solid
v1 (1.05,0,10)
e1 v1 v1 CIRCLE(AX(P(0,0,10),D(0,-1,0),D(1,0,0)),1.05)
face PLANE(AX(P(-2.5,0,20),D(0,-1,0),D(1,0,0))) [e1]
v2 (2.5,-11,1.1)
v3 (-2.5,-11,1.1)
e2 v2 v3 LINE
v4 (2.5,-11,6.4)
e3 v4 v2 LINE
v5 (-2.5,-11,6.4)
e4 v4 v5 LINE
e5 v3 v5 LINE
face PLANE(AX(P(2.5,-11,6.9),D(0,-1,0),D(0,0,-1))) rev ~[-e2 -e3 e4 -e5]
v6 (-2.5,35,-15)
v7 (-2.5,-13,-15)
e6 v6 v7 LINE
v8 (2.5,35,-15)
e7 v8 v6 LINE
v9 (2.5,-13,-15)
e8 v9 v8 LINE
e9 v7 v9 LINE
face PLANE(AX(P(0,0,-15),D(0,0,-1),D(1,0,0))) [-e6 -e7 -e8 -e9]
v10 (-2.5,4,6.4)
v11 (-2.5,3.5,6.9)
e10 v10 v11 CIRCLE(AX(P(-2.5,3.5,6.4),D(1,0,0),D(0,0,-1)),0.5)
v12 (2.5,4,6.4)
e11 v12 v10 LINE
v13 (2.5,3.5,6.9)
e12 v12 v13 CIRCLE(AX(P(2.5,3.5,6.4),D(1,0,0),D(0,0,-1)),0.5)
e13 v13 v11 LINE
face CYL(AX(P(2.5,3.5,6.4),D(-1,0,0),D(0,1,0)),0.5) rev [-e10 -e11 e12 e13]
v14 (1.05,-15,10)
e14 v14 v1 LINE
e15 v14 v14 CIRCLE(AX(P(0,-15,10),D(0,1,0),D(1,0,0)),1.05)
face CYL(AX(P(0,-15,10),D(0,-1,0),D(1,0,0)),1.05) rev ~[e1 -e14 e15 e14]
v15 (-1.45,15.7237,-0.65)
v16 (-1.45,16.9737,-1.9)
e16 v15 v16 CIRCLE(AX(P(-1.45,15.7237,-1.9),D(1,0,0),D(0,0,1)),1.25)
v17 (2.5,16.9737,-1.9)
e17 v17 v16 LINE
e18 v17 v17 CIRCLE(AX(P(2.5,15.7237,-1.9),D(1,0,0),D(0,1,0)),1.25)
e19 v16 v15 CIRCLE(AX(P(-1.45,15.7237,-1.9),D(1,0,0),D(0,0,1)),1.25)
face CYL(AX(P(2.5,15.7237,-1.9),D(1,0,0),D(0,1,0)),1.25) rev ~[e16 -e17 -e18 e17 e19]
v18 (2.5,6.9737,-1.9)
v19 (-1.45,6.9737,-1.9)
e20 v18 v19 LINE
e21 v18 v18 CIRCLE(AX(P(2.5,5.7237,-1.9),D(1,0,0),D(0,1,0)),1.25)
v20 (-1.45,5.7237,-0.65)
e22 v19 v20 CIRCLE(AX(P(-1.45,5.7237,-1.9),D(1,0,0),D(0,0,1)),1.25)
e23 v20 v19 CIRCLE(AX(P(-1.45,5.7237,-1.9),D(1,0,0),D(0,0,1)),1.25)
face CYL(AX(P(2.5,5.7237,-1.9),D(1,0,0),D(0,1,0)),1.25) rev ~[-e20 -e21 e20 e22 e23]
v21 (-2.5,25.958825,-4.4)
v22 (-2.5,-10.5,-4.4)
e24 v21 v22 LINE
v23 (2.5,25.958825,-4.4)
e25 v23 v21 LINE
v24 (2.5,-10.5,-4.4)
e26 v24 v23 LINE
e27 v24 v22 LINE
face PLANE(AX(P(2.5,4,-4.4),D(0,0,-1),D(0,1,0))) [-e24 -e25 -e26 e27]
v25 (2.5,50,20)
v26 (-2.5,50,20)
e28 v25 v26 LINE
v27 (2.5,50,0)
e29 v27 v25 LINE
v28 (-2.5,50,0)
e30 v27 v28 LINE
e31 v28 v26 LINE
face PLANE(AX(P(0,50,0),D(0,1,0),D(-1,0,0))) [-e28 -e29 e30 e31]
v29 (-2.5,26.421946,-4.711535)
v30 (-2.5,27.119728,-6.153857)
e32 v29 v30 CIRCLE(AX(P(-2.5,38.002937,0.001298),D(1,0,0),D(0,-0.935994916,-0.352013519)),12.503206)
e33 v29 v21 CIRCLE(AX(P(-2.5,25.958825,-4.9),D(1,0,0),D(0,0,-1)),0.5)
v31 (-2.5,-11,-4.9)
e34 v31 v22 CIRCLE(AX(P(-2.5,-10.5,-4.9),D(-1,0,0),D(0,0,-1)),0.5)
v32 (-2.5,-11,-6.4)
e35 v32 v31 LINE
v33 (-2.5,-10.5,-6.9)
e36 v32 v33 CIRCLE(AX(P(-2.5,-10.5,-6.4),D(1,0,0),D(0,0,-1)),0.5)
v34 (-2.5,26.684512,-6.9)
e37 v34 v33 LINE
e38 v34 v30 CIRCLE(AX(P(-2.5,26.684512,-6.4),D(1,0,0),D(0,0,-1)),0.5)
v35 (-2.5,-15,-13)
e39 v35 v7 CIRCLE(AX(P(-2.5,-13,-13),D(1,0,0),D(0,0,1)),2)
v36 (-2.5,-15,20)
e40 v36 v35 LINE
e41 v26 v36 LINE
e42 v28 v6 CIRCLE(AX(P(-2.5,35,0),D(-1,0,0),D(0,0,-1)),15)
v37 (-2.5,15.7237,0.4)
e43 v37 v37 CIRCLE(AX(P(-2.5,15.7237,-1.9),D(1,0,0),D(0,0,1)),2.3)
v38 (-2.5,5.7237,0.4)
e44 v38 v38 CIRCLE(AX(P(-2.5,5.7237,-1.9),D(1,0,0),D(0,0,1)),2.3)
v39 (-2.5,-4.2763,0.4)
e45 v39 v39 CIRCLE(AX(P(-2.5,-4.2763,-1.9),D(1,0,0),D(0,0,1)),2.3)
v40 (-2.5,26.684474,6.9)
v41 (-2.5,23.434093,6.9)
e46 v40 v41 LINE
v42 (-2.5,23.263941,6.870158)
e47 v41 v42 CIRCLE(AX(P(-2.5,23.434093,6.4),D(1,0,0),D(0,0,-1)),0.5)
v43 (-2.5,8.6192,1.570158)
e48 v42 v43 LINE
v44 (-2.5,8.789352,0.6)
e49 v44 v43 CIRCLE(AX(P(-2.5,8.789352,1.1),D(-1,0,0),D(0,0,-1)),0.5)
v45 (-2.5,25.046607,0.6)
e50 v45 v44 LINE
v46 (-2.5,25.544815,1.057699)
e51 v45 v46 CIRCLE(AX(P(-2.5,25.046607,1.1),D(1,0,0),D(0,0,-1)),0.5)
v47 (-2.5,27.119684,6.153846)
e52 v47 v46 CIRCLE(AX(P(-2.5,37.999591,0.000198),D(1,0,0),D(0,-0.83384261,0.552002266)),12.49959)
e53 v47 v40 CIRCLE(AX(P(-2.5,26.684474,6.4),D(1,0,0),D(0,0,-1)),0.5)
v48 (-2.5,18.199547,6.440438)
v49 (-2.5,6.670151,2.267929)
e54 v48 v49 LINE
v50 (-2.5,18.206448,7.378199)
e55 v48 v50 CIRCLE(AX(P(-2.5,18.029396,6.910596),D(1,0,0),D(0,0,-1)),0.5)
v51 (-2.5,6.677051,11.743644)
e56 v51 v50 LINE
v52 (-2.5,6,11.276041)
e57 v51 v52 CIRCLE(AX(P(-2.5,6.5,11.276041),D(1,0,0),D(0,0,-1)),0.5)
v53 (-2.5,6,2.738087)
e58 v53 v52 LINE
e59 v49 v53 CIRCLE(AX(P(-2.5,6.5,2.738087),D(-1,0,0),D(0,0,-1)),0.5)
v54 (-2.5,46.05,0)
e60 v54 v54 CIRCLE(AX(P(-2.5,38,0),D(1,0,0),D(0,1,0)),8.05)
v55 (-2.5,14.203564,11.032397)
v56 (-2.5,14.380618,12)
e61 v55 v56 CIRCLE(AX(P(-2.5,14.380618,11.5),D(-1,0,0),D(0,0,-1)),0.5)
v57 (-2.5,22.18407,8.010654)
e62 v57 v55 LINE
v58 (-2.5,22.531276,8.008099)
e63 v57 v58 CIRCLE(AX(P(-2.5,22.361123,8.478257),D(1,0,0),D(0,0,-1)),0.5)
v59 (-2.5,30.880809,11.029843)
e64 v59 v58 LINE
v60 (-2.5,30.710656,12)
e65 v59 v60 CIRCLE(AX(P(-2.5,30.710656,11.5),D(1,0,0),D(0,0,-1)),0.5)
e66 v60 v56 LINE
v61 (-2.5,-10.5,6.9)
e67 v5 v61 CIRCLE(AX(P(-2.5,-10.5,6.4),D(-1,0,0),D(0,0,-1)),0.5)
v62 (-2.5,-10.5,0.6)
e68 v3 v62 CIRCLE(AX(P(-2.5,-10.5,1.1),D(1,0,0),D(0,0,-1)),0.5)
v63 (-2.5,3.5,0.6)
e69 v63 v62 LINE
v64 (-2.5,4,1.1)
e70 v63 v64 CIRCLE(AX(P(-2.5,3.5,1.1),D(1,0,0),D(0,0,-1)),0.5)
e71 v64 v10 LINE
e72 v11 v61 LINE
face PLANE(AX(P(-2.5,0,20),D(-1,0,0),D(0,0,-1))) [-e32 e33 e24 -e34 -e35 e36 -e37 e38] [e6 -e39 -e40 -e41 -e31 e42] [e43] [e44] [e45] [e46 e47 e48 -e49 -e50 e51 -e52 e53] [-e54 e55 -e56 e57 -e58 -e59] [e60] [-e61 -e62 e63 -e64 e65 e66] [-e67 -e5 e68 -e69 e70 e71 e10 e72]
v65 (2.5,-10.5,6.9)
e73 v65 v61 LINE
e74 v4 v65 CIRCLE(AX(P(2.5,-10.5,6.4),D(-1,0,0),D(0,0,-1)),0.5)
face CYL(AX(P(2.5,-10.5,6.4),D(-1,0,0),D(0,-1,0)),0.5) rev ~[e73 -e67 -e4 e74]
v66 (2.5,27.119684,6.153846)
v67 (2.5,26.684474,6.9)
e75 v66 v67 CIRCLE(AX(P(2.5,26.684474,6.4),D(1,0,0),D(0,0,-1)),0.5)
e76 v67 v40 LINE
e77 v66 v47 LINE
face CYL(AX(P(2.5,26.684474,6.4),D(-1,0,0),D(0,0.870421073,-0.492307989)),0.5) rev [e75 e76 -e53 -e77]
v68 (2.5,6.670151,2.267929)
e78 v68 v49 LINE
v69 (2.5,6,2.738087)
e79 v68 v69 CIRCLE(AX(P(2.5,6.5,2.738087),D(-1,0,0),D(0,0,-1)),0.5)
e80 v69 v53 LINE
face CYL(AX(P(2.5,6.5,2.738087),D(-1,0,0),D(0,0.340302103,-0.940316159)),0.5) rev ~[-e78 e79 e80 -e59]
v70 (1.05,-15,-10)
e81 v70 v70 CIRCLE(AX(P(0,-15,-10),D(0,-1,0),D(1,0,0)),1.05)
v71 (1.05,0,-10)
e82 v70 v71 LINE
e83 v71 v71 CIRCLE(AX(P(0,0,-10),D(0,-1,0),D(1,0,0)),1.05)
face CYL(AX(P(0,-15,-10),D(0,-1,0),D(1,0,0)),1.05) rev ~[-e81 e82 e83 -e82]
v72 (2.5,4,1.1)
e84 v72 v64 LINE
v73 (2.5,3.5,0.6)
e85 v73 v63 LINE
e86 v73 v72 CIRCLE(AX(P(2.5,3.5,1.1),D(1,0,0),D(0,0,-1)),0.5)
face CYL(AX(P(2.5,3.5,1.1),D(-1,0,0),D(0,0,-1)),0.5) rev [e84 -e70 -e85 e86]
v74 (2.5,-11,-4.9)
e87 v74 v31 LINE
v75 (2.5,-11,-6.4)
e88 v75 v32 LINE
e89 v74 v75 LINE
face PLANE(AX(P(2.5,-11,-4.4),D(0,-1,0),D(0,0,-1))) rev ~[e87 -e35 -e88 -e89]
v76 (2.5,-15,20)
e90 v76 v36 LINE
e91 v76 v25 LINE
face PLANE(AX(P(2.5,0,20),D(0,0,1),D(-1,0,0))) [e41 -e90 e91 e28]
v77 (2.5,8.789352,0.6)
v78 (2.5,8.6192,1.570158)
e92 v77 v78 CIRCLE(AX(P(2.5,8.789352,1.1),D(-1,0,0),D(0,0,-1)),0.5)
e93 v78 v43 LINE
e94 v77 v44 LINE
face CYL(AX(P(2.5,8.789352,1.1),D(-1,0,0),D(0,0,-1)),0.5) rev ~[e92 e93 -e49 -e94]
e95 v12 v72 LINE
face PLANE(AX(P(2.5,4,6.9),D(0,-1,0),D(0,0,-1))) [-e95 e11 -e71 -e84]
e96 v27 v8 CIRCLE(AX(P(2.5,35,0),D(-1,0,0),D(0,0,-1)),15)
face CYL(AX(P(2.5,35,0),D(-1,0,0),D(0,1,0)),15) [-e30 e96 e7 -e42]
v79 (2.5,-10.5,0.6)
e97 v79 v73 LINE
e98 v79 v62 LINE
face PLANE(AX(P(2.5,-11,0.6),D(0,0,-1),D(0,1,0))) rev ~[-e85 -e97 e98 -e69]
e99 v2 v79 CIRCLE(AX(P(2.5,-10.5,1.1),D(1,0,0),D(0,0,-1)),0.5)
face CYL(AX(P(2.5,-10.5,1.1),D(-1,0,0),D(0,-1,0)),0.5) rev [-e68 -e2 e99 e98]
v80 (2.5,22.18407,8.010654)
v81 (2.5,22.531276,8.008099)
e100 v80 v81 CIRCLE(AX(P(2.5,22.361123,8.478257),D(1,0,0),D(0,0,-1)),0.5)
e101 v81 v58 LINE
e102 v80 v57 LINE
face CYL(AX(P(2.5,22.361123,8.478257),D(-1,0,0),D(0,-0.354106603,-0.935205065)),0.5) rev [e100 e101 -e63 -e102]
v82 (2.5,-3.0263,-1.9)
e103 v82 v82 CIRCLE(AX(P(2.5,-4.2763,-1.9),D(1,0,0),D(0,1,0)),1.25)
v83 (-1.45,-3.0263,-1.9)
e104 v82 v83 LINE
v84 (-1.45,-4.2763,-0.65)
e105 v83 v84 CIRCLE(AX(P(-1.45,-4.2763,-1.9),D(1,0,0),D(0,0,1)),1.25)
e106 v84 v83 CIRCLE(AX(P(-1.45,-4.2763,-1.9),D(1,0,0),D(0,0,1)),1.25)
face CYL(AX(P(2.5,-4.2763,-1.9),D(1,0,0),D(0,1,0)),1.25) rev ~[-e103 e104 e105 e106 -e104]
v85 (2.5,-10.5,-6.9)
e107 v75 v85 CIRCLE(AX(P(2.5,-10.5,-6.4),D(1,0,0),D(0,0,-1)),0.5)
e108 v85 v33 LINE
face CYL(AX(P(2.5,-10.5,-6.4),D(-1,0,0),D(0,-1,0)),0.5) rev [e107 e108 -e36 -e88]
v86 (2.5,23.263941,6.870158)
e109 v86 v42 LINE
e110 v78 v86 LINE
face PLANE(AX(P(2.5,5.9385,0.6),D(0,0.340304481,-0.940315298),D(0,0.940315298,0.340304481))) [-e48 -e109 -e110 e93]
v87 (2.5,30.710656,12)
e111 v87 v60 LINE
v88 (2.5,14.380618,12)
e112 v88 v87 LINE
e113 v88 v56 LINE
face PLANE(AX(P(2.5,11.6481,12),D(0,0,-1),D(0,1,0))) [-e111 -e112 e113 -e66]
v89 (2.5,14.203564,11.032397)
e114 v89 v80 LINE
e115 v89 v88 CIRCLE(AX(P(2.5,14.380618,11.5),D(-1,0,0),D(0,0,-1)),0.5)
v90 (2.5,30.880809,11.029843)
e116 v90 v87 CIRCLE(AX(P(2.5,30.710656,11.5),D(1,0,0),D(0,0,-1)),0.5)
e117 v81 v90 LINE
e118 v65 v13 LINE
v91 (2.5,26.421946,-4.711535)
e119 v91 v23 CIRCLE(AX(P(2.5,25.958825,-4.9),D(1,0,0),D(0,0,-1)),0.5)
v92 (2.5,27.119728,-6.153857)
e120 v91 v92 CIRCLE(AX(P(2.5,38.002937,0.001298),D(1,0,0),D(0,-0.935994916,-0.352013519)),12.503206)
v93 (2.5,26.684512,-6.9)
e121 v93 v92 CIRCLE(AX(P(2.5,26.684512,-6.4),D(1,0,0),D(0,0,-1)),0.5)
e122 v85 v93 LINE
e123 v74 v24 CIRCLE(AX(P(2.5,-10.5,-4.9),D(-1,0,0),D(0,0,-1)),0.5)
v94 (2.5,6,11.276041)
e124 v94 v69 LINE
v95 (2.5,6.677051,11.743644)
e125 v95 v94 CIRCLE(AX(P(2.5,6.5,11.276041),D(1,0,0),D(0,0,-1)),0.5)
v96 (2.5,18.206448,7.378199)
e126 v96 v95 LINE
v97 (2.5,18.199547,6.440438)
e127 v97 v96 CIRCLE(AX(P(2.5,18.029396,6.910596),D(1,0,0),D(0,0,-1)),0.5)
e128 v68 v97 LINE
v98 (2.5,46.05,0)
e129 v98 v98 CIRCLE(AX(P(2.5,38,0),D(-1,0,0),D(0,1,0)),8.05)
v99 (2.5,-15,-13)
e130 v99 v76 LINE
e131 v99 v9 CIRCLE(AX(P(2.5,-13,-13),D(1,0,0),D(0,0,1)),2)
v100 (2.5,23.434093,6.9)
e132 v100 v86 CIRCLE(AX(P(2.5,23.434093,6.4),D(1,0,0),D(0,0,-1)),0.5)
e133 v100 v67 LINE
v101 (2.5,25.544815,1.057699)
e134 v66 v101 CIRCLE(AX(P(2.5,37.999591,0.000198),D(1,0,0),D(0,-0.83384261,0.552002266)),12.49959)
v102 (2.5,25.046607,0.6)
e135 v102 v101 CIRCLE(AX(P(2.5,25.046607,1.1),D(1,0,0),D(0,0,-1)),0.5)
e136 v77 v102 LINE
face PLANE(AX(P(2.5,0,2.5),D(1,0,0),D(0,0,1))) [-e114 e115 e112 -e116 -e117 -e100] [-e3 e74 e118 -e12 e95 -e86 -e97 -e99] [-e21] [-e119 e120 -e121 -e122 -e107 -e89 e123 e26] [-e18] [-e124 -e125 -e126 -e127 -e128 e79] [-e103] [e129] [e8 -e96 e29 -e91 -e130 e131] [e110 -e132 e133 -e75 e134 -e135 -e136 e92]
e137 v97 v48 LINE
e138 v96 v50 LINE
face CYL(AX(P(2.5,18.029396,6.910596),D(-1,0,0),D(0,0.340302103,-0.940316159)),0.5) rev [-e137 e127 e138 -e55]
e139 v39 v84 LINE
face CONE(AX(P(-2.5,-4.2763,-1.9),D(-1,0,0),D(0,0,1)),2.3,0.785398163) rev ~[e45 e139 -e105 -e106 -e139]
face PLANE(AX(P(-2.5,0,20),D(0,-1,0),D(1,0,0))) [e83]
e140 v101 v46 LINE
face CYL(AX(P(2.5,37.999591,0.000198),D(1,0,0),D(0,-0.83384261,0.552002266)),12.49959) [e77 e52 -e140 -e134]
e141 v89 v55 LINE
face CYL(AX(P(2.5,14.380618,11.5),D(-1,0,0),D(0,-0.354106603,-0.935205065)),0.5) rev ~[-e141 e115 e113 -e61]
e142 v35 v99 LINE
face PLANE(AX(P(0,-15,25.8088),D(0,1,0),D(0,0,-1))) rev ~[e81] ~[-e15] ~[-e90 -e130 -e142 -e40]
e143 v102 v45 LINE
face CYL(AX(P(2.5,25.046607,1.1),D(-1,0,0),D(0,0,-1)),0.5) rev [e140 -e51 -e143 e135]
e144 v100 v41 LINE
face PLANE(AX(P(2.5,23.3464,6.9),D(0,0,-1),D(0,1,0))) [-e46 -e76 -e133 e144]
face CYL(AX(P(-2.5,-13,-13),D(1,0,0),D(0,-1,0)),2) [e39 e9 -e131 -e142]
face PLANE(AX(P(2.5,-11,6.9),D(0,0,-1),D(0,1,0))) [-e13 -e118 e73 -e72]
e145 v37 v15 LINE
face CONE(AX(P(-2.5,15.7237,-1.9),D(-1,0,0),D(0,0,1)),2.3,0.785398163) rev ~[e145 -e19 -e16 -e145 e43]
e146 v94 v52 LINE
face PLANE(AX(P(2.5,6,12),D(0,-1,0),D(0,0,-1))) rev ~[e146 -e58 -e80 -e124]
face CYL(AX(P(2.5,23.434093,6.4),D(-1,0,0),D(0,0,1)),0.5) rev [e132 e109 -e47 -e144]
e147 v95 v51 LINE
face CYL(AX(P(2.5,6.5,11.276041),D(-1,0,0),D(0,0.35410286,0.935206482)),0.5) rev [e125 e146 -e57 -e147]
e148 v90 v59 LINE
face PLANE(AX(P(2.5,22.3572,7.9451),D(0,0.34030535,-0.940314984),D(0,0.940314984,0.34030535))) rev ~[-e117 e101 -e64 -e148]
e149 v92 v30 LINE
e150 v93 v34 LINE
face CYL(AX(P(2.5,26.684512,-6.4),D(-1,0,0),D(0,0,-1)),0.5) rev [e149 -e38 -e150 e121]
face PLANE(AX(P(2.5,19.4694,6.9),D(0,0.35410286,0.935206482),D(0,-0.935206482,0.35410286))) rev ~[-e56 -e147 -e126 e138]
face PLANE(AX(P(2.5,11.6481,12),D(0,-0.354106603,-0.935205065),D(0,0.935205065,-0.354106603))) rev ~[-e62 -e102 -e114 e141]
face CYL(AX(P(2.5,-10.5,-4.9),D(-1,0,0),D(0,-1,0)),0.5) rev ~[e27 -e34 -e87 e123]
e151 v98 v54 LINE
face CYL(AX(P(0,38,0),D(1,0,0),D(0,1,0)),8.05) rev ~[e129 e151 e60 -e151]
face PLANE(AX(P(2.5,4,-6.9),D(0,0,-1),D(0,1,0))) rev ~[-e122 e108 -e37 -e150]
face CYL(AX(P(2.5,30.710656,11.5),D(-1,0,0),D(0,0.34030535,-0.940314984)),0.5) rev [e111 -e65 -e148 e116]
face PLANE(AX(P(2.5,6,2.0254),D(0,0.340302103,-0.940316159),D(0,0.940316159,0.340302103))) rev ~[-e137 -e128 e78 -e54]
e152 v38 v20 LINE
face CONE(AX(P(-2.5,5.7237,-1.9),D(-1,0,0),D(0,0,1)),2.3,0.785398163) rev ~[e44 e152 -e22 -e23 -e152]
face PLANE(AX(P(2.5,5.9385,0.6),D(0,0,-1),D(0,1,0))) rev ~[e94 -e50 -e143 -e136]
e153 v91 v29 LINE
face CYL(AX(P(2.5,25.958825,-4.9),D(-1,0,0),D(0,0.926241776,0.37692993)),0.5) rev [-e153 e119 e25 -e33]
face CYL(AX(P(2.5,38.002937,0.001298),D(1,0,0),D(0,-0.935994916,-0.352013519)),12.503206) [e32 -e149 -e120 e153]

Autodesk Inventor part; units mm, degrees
ref_plane "YZ Plane" through (0, 0, 0) normal (1, 0, 0) x (0, 1, 0)
ref_plane "XZ Plane" through (0, 0, 0) normal (0, 1, 0) x (-1, 0, 0)
ref_plane "XY Plane" through (0, 0, 0) normal (0, 0, 1) x (1, 0, 0)
sketch "Boceto1" plane through (0, 0, 0) normal (0, 1, 0) x (-1, 0, 0)
  line L0 (-2.5, 20) -> (2.5, 20)
  line L1 (2.5, 20) -> (2.5, -15)
  line L2 (2.5, -15) -> (-2.5, -15)
  line L3 (-2.5, -15) -> (-2.5, 20)
  line L4 (0, 20) -> (0, -15)
  line L5 (-2.5, 2.5) -> (2.5, 2.5)
  point P0 (0, 0)
  point P1 (0, 2.5)
  dimension "d0" = 5
  dimension "d1" = 35
  dimension "d26" = 20
extrude "Main Body" add sketch "Boceto1" along normal mid plane 100
sketch "Axles" plane through (0, 0, 0) normal (1, 0, 0) x (0, 1, 0)
  line L0 (50, 20) -> (-50, 20) projected
  circle A0 centre (38, 0) radius 8.05
  circle A1 centre (-40, 0) radius 6.5
  point P0 (0, 0)
  dimension "d53" = 5
  dimension "d55" = 13
  dimension "d11" = 20
  dimension "d12" = 40
  dimension "d13" = 38
  dimension "d14" = 20
  dimension "d22" = 16.1
  dimension "d23" = 13
extrude "Bearings" cut sketch "Axles" along normal mid plane 100
sketch "Boceto4" plane through (0, 0, 0) normal (1, 0, 0) x (0, 1, 0)
  line L0 (-50.2028, -2.5) -> (5.4434, -2.5)
  line L1 (-50, -15) -> (-50, 20) projected
  line L2 (-50, 7.0921) -> (-15, 7.0921)
  line L3 (-15, 7.0921) -> (-15, -12.9079)
  line L4 (-15, -12.9079) -> (-50, -12.9079)
  line L5 (-50, -12.9079) -> (-50, 7.0921)
  point P0 (0, 0)
  dimension "d27" = 20
  dimension "d28" = 35
sketch "Boceto5" plane through (0, 0, 0) normal (1, 0, 0) x (0, 1, 0)
  line L0 (-50, 25.8088) -> (-15, 25.8088)
  line L1 (-15, 25.8088) -> (-15, -24.1912)
  line L2 (-15, -24.1912) -> (-50, -24.1912)
  line L3 (-50, -24.1912) -> (-50, 25.8088)
  point P0 (0, 0)
  point P1 (-50, 20)
  dimension "d29" = 35
  dimension "d56" = 50
extrude "Spring_support_space" cut sketch "Boceto5" along normal mid plane 10
sketch "Boceto6" plane through (-2.5, -15, 20) normal (0, -1, 0) x (1, 0, 0)
  line L0 (2.5, -16) -> (2.5, -24)
  line L1 (-2.5, -6.5) -> (-2.5, 6.5)
  line L2 (2.5, -20) -> (23.3777, -20)
  line L3 (2.5, 18.3522) -> (2.5, -26.5488)
  circle A0 centre (2.5, -10) radius 1.05
  circle A1 centre (2.5, -30) radius 1.05
  line L4 (0, 0) -> (5, 0) projected
  line L5 (0, 0) -> (5, 0) projected
  line L6 (0, -28.05) -> (0, -11.95) projected
  line L7 (5, -11.95) -> (5, -28.05) projected
  line L8 (0, -28.05) -> (5, -28.05) projected
  line L9 (0, -11.95) -> (5, -11.95) projected
  point P0 (2.5, 0)
  point P1 (0, -20)
  dimension "d35" = 2.1
  dimension "d36" = 20
extrude "Holes" cut sketch "Boceto6" against normal blind 15 contours A0 L3 | L3 A0 | A1
sketch "Boceto10" plane through (-2.5, -15, 20) normal (0, -1, 0) x (1, 0, 0)
  circle A0 centre (2.5, -10) radius 1.05 projected
  circle A1 centre (2.5, -30) radius 1.05 projected
  circle A2 centre (2.5, -10) radius 3.5
  line L0 (-5.1427, -20) -> (9.8665, -20)
  circle A3 centre (2.5, -30) radius 3.5
  point P0 (2.5, -20)
  dimension "d59" = 7
fillet "Edges" radius 15 1 edges at (0, 50, -15)
fillet "Edges" radius 2 1 edges at (0, -15, -15)
sketch "Boceto7" plane through (0, 0, 0) normal (1, 0, 0) x (0, 1, 0)
  line L0 (-15, -15) -> (-15, 20) projected
  line L1 (-50, 20) -> (50, 20) projected
  circle A0 centre (-8.5, 17) radius 1.2
  point P0 (0, 0)
  point P1 (45, 20)
  point P2 (-15, 15.1502)
  dimension "d41" = 6.5
  dimension "d42" = 3
  dimension "d50" = 2.4
extrude "Extrusión6" [suppressed]
pattern_linear "Patrón rectangular1" [suppressed]
sketch "Boceto8" plane through (0, 0, 0) normal (1, 0, 0) x (0, 1, 0)
  circle A0 centre (-4.2763, -1.9) radius 1.25 projected
  circle A1 centre (5.7237, -1.9) radius 1.25 projected
  circle A2 centre (15.7237, -1.9) radius 1.25 projected
  point P0 (0, 0)
extrude "Extrusión7" cut sketch "Boceto8" against normal up to surface (5 mm away) from surface at 2.5
sketch "Boceto11" plane through (2.5, -15, 20) normal (1, 0, 0) x (0, 0, -1)
  circle A0 centre (21.9, 10.7237) radius 1.25 projected
  circle A1 centre (21.9, 20.7237) radius 1.25 projected
  circle A2 centre (21.9, 30.7237) radius 1.25 projected
  line L0 (11.05, 0) -> (8.95, 0) projected
  line L1 (11.05, 15) -> (8.95, 15) projected
  line L2 (31.05, 0) -> (28.95, 0) projected
  line L3 (31.05, 15) -> (28.95, 15) projected
  line L4 (31.05, 0) -> (28.95, 0) projected
  line L5 (0, 0) -> (33, 0) projected
  circle A3 centre (20, 53) radius 8.05 projected
  line L6 (0, 65) -> (0, 0) projected
  line L7 (24.4, 19) -> (26.9, 19)
  line L8 (19.4, 20.9385) -> (19.4, 41.0847)
  line L9 (18.3253, 20) -> (18.3311, 20.0149)
  line L10 (20.4689, 19.9851) -> (20.4635, 20)
  line L11 (19.4, 20.9385) -> (13.1, 38.3464)
  arc A4 (13.1, 42.5769) -> (19.4, 40.5144) centre (20, 53) ccw
  arc A5 (24.4, 41.3) -> (26.9, 42.5769) centre (20, 53) ccw
  line L12 (13.1, 38.3464) -> (13.1, 42.5769)
  line L13 (24.4, 19) -> (24.4, 41.3)
  line L14 (26.9, 19) -> (26.9, 42.5769)
  line L15 (24.4, 19) -> (26.9, 19)
  line L16 (13.1, 4) -> (13.1, 19)
  line L17 (13.1, 34.4694) -> (8, 21)
  line L18 (8, 26.6481) -> (12.0549, 37.3572)
  line L19 (17.9746, 21) -> (13.1, 34.4694)
  line L20 (12.0549, 37.3572) -> (8, 48.5615)
  line L21 (8, 26.6481) -> (8, 48.5615)
  line L22 (13.1, 4) -> (19.4, 4)
  line L23 (24.4, 4) -> (26.9, 4)
  line L24 (24.4, 4) -> (24.4, 19)
  line L25 (26.9, 4) -> (26.9, 19)
  line L26 (19.4, 4) -> (19.4, 19)
  line L27 (13.1, 19) -> (19.4, 19)
  line L28 (8, 21) -> (17.9746, 21)
  point P0 (20, 15)
  point P1 (27.1716, 0)
extrude "Extrusión9" cut sketch "Boceto11" against normal blind 10 contours L13 A5 L14 L7 | L7 L25 L23 L24 | L11 L12 A4 L8 | L16 L27 L26 L22 | L19 L28 L17 | L21 L20 L18
extrude "Extrusión10" [suppressed]
fillet "Empalme2" radius 0.5 18 edges at (0, 6, 2.0254) (0, 19.4694, 6.9) (0, 6, 12) (0, 22.3572, 7.9451) (0, 33.5615, 12) (0, 11.6481, 12) (0, -11, 0.6) (0, 4, 6.9) (0, -11, -6.9) (0, -11, -4.4) (0, 27.5769, -6.9) (0, 26.3, -4.4) (0, 25.5144, 0.6) (0, 27.5769, 6.9) (0, 23.3464, 6.9) (0, 5.9385, 0.6) (0, -11, 6.9) (0, 4, 0.6)
sketch "Boceto13" plane through (-2.5, -15, 20) normal (-1, 0, 0) x (0, 0, 1)
  circle A0 centre (-3, 58.5) radius 1.2 projected
  circle A1 centre (-3, 45.5) radius 1.2 projected
  circle A2 centre (-3, 32.5) radius 1.2 projected
  circle A3 centre (-3, 19.5) radius 1.2 projected
  circle A4 centre (-3, 6.5) radius 1.2 projected
  circle A5 centre (-21.9, 10.7237) radius 1.25 projected
  circle A6 centre (-21.9, 20.7237) radius 1.25 projected
  circle A7 centre (-21.9, 30.7237) radius 1.25 projected
  point P0 (-20, 15)
hole "Agujero4" at (-2.5, -4.2763, -1.9) at (-2.5, 5.7237, -1.9) at (-2.5, 15.7237, -1.9) direction (1, 0, 0) diameter 2.4 end through all countersink diameter 4.6 countersink angle 90
properties part number "support_caterpillar_lateral_v3_Right" material "Plástico ABS"
